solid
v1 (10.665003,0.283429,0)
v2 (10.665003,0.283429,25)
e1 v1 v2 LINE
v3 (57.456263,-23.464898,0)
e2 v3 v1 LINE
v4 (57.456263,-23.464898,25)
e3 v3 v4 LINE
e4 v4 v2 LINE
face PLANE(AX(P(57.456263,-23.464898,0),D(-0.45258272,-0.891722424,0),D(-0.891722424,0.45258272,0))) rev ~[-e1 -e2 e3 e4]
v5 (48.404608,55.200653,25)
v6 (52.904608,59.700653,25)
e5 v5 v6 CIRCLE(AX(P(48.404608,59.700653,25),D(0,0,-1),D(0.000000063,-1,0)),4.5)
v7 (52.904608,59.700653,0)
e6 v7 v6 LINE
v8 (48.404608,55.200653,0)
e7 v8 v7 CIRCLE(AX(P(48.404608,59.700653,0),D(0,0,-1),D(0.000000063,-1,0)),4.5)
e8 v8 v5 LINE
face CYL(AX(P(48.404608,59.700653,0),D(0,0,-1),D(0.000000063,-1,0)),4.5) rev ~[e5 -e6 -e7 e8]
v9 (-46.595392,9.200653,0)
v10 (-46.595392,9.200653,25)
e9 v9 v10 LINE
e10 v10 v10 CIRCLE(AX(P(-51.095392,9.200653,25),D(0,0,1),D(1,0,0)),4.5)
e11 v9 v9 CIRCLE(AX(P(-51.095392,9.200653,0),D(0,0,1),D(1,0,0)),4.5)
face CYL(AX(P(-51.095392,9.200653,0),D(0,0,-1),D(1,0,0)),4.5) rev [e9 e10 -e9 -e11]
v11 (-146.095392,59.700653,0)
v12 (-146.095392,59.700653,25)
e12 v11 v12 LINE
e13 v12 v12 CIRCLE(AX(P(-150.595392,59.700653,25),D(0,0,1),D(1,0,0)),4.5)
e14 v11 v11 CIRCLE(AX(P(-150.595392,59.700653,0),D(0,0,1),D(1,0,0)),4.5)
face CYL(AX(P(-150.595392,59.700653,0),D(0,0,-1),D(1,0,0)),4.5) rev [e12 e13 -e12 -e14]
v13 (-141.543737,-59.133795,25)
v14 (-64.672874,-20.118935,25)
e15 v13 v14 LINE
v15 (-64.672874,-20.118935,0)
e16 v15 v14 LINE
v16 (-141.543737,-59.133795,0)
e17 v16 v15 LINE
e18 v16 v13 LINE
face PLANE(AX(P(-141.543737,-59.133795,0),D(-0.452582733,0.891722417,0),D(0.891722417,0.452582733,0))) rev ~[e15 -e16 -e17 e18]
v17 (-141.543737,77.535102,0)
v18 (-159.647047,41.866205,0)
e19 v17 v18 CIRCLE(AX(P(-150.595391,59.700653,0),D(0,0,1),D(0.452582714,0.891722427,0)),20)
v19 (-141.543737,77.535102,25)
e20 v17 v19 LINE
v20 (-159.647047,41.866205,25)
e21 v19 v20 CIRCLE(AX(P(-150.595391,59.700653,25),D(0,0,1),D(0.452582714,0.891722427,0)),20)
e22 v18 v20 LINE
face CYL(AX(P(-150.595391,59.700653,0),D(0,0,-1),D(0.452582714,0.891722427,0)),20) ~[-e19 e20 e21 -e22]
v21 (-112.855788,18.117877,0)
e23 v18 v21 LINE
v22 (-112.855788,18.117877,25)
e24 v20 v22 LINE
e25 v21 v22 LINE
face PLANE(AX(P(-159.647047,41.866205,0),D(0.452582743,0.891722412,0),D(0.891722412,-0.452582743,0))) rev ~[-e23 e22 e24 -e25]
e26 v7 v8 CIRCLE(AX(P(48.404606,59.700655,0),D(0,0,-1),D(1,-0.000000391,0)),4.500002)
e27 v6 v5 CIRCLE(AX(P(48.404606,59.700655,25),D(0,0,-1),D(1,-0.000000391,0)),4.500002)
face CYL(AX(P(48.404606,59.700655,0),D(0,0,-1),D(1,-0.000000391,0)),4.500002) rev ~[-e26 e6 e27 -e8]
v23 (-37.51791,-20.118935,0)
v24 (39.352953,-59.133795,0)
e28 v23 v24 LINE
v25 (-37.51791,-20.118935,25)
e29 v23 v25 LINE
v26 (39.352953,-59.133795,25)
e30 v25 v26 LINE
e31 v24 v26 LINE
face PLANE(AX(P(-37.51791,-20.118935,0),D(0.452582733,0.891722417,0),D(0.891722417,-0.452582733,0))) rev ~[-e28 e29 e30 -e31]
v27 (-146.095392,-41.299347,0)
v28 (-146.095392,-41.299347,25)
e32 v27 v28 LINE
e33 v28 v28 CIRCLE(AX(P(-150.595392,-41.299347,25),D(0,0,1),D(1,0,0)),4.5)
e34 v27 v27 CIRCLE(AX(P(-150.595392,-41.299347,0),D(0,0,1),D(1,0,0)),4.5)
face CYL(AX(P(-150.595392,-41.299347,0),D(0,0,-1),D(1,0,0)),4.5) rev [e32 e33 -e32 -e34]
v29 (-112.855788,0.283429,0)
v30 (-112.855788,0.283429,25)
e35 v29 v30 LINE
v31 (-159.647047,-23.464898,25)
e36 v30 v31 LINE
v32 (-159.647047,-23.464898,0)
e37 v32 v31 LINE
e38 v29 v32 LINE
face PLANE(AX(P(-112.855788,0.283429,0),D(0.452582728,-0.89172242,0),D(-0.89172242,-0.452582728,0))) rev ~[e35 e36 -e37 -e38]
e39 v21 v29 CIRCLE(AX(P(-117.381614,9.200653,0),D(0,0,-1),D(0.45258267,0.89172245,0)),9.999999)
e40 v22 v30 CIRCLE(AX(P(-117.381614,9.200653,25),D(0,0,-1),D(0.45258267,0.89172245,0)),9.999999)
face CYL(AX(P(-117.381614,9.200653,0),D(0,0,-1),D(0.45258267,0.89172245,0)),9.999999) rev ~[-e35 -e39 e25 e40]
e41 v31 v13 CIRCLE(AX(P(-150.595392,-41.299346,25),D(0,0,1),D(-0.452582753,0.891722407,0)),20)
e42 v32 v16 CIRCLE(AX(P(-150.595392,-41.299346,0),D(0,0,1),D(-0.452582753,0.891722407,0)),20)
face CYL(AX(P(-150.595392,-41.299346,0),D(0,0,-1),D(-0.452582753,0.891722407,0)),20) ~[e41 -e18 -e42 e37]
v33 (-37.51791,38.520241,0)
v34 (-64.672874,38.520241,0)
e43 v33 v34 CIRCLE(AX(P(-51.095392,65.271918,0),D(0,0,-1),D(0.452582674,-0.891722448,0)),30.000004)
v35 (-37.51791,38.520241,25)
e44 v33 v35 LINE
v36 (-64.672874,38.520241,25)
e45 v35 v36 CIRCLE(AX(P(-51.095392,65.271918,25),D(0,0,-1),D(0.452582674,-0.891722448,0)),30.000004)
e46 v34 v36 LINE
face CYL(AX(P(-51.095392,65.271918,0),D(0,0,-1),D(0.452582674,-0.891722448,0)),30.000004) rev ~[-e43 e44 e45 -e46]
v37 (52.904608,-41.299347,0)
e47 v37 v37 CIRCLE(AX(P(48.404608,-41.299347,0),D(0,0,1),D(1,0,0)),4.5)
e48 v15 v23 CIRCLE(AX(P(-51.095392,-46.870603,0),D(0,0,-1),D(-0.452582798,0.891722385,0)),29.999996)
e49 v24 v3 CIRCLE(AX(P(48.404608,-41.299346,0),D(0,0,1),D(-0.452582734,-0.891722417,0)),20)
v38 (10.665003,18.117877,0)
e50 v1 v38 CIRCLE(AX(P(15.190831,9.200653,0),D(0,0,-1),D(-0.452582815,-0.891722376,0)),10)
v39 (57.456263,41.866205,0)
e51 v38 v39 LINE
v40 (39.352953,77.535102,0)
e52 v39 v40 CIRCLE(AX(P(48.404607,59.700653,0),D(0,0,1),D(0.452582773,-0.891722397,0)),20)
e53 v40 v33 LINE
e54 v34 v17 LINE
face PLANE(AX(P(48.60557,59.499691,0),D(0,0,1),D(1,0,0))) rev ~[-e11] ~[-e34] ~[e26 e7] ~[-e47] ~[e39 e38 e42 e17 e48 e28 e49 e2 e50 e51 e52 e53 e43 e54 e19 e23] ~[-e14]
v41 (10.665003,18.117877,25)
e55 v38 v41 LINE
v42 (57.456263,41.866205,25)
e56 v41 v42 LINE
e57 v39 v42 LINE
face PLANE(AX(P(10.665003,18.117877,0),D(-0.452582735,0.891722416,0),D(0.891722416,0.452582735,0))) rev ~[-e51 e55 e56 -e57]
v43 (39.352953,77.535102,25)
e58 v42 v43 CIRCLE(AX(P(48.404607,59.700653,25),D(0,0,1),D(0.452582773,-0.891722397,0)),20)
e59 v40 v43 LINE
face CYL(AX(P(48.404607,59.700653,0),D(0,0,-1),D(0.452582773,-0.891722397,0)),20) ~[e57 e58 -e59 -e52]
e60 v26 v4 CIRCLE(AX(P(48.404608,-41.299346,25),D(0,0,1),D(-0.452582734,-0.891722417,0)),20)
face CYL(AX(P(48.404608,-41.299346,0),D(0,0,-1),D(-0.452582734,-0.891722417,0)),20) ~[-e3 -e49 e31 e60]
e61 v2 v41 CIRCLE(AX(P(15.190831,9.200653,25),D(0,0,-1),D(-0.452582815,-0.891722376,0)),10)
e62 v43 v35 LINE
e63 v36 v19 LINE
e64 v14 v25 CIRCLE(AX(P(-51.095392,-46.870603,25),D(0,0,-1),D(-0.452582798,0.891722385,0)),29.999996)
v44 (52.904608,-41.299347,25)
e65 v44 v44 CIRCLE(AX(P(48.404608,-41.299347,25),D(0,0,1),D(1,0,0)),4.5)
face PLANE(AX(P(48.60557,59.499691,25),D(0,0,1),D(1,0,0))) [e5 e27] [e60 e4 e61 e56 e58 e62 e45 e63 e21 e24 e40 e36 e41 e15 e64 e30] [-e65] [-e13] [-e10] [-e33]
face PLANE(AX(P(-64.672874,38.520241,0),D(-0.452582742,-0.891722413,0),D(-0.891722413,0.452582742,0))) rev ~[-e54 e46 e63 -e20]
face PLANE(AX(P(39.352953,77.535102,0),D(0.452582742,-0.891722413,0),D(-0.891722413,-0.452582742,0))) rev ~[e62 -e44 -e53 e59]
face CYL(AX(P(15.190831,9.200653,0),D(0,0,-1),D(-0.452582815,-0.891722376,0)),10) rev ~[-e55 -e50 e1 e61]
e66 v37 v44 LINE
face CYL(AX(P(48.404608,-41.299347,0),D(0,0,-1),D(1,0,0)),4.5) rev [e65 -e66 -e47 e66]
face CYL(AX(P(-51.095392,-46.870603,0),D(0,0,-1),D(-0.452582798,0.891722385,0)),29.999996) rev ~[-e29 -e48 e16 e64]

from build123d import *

# Parameters (mm, degrees)
F0_R     = 4.5
F1_DEPTH = 25


with BuildPart() as f1:
    # F0 (on Top) → F1 (new body)
    with BuildSketch(Plane.XY):
        with BuildLine():
            ThreePointArc((48.404608, 55.200653), (51.586588, 56.518673), (52.904608, 59.700653))
            ThreePointArc((52.904608, 59.700653), (45.222627, 62.882634), (48.404608, 55.200653))
        make_face()
        with BuildLine():
            Line((-112.855788, 0.283429), (-159.647047, -23.464898))
            ThreePointArc((-159.647047, -23.464898), (-168.42984, -50.351002), (-141.543737, -59.133795))
            Line((-141.543737, -59.133795), (-64.672874, -20.118935))
            ThreePointArc((-64.672874, -20.118935), (-51.095392, -16.870607), (-37.51791, -20.118935))
            Line((-37.51791, -20.118935), (39.352953, -59.133795))
            ThreePointArc((39.352953, -59.133795), (66.239056, -50.351002), (57.456263, -23.464898))
            Line((57.456263, -23.464898), (10.665003, 0.283429))
            ThreePointArc((10.665003, 0.283429), (5.190831, 9.200653), (10.665003, 18.117877))
            Line((10.665003, 18.117877), (57.456263, 41.866205))
            ThreePointArc((57.456263, 41.866205), (66.239056, 68.752308), (39.352953, 77.535102))
            Line((39.352953, 77.535102), (-37.51791, 38.520241))
            ThreePointArc((-37.51791, 38.520241), (-51.095392, 35.271914), (-64.672874, 38.520241))
            Line((-64.672874, 38.520241), (-141.543737, 77.535102))
            ThreePointArc((-141.543737, 77.535102), (-168.42984, 68.752308), (-159.647047, 41.866205))
            Line((-159.647047, 41.866205), (-112.855788, 18.117877))
            ThreePointArc((-112.855788, 18.117877), (-107.381615, 9.200653), (-112.855788, 0.283429))
        make_face()
        with Locations((-150.595392, -41.299347)):
            Circle(F0_R, mode=Mode.SUBTRACT)
        with Locations((48.404608, -41.299347)):
            Circle(F0_R, mode=Mode.SUBTRACT)
        with Locations((-51.095392, 9.200653)):
            Circle(F0_R, mode=Mode.SUBTRACT)
        with Locations((-150.595392, 59.700653)):
            Circle(F0_R, mode=Mode.SUBTRACT)
        with BuildLine():
            ThreePointArc((48.404608, 55.200653), (45.222627, 62.882634), (52.904608, 59.700653))
            ThreePointArc((52.904608, 59.700653), (51.586588, 56.518673), (48.404608, 55.200653))
        make_face(mode=Mode.SUBTRACT)
    extrude(amount=F1_DEPTH)


solid = f1.part
